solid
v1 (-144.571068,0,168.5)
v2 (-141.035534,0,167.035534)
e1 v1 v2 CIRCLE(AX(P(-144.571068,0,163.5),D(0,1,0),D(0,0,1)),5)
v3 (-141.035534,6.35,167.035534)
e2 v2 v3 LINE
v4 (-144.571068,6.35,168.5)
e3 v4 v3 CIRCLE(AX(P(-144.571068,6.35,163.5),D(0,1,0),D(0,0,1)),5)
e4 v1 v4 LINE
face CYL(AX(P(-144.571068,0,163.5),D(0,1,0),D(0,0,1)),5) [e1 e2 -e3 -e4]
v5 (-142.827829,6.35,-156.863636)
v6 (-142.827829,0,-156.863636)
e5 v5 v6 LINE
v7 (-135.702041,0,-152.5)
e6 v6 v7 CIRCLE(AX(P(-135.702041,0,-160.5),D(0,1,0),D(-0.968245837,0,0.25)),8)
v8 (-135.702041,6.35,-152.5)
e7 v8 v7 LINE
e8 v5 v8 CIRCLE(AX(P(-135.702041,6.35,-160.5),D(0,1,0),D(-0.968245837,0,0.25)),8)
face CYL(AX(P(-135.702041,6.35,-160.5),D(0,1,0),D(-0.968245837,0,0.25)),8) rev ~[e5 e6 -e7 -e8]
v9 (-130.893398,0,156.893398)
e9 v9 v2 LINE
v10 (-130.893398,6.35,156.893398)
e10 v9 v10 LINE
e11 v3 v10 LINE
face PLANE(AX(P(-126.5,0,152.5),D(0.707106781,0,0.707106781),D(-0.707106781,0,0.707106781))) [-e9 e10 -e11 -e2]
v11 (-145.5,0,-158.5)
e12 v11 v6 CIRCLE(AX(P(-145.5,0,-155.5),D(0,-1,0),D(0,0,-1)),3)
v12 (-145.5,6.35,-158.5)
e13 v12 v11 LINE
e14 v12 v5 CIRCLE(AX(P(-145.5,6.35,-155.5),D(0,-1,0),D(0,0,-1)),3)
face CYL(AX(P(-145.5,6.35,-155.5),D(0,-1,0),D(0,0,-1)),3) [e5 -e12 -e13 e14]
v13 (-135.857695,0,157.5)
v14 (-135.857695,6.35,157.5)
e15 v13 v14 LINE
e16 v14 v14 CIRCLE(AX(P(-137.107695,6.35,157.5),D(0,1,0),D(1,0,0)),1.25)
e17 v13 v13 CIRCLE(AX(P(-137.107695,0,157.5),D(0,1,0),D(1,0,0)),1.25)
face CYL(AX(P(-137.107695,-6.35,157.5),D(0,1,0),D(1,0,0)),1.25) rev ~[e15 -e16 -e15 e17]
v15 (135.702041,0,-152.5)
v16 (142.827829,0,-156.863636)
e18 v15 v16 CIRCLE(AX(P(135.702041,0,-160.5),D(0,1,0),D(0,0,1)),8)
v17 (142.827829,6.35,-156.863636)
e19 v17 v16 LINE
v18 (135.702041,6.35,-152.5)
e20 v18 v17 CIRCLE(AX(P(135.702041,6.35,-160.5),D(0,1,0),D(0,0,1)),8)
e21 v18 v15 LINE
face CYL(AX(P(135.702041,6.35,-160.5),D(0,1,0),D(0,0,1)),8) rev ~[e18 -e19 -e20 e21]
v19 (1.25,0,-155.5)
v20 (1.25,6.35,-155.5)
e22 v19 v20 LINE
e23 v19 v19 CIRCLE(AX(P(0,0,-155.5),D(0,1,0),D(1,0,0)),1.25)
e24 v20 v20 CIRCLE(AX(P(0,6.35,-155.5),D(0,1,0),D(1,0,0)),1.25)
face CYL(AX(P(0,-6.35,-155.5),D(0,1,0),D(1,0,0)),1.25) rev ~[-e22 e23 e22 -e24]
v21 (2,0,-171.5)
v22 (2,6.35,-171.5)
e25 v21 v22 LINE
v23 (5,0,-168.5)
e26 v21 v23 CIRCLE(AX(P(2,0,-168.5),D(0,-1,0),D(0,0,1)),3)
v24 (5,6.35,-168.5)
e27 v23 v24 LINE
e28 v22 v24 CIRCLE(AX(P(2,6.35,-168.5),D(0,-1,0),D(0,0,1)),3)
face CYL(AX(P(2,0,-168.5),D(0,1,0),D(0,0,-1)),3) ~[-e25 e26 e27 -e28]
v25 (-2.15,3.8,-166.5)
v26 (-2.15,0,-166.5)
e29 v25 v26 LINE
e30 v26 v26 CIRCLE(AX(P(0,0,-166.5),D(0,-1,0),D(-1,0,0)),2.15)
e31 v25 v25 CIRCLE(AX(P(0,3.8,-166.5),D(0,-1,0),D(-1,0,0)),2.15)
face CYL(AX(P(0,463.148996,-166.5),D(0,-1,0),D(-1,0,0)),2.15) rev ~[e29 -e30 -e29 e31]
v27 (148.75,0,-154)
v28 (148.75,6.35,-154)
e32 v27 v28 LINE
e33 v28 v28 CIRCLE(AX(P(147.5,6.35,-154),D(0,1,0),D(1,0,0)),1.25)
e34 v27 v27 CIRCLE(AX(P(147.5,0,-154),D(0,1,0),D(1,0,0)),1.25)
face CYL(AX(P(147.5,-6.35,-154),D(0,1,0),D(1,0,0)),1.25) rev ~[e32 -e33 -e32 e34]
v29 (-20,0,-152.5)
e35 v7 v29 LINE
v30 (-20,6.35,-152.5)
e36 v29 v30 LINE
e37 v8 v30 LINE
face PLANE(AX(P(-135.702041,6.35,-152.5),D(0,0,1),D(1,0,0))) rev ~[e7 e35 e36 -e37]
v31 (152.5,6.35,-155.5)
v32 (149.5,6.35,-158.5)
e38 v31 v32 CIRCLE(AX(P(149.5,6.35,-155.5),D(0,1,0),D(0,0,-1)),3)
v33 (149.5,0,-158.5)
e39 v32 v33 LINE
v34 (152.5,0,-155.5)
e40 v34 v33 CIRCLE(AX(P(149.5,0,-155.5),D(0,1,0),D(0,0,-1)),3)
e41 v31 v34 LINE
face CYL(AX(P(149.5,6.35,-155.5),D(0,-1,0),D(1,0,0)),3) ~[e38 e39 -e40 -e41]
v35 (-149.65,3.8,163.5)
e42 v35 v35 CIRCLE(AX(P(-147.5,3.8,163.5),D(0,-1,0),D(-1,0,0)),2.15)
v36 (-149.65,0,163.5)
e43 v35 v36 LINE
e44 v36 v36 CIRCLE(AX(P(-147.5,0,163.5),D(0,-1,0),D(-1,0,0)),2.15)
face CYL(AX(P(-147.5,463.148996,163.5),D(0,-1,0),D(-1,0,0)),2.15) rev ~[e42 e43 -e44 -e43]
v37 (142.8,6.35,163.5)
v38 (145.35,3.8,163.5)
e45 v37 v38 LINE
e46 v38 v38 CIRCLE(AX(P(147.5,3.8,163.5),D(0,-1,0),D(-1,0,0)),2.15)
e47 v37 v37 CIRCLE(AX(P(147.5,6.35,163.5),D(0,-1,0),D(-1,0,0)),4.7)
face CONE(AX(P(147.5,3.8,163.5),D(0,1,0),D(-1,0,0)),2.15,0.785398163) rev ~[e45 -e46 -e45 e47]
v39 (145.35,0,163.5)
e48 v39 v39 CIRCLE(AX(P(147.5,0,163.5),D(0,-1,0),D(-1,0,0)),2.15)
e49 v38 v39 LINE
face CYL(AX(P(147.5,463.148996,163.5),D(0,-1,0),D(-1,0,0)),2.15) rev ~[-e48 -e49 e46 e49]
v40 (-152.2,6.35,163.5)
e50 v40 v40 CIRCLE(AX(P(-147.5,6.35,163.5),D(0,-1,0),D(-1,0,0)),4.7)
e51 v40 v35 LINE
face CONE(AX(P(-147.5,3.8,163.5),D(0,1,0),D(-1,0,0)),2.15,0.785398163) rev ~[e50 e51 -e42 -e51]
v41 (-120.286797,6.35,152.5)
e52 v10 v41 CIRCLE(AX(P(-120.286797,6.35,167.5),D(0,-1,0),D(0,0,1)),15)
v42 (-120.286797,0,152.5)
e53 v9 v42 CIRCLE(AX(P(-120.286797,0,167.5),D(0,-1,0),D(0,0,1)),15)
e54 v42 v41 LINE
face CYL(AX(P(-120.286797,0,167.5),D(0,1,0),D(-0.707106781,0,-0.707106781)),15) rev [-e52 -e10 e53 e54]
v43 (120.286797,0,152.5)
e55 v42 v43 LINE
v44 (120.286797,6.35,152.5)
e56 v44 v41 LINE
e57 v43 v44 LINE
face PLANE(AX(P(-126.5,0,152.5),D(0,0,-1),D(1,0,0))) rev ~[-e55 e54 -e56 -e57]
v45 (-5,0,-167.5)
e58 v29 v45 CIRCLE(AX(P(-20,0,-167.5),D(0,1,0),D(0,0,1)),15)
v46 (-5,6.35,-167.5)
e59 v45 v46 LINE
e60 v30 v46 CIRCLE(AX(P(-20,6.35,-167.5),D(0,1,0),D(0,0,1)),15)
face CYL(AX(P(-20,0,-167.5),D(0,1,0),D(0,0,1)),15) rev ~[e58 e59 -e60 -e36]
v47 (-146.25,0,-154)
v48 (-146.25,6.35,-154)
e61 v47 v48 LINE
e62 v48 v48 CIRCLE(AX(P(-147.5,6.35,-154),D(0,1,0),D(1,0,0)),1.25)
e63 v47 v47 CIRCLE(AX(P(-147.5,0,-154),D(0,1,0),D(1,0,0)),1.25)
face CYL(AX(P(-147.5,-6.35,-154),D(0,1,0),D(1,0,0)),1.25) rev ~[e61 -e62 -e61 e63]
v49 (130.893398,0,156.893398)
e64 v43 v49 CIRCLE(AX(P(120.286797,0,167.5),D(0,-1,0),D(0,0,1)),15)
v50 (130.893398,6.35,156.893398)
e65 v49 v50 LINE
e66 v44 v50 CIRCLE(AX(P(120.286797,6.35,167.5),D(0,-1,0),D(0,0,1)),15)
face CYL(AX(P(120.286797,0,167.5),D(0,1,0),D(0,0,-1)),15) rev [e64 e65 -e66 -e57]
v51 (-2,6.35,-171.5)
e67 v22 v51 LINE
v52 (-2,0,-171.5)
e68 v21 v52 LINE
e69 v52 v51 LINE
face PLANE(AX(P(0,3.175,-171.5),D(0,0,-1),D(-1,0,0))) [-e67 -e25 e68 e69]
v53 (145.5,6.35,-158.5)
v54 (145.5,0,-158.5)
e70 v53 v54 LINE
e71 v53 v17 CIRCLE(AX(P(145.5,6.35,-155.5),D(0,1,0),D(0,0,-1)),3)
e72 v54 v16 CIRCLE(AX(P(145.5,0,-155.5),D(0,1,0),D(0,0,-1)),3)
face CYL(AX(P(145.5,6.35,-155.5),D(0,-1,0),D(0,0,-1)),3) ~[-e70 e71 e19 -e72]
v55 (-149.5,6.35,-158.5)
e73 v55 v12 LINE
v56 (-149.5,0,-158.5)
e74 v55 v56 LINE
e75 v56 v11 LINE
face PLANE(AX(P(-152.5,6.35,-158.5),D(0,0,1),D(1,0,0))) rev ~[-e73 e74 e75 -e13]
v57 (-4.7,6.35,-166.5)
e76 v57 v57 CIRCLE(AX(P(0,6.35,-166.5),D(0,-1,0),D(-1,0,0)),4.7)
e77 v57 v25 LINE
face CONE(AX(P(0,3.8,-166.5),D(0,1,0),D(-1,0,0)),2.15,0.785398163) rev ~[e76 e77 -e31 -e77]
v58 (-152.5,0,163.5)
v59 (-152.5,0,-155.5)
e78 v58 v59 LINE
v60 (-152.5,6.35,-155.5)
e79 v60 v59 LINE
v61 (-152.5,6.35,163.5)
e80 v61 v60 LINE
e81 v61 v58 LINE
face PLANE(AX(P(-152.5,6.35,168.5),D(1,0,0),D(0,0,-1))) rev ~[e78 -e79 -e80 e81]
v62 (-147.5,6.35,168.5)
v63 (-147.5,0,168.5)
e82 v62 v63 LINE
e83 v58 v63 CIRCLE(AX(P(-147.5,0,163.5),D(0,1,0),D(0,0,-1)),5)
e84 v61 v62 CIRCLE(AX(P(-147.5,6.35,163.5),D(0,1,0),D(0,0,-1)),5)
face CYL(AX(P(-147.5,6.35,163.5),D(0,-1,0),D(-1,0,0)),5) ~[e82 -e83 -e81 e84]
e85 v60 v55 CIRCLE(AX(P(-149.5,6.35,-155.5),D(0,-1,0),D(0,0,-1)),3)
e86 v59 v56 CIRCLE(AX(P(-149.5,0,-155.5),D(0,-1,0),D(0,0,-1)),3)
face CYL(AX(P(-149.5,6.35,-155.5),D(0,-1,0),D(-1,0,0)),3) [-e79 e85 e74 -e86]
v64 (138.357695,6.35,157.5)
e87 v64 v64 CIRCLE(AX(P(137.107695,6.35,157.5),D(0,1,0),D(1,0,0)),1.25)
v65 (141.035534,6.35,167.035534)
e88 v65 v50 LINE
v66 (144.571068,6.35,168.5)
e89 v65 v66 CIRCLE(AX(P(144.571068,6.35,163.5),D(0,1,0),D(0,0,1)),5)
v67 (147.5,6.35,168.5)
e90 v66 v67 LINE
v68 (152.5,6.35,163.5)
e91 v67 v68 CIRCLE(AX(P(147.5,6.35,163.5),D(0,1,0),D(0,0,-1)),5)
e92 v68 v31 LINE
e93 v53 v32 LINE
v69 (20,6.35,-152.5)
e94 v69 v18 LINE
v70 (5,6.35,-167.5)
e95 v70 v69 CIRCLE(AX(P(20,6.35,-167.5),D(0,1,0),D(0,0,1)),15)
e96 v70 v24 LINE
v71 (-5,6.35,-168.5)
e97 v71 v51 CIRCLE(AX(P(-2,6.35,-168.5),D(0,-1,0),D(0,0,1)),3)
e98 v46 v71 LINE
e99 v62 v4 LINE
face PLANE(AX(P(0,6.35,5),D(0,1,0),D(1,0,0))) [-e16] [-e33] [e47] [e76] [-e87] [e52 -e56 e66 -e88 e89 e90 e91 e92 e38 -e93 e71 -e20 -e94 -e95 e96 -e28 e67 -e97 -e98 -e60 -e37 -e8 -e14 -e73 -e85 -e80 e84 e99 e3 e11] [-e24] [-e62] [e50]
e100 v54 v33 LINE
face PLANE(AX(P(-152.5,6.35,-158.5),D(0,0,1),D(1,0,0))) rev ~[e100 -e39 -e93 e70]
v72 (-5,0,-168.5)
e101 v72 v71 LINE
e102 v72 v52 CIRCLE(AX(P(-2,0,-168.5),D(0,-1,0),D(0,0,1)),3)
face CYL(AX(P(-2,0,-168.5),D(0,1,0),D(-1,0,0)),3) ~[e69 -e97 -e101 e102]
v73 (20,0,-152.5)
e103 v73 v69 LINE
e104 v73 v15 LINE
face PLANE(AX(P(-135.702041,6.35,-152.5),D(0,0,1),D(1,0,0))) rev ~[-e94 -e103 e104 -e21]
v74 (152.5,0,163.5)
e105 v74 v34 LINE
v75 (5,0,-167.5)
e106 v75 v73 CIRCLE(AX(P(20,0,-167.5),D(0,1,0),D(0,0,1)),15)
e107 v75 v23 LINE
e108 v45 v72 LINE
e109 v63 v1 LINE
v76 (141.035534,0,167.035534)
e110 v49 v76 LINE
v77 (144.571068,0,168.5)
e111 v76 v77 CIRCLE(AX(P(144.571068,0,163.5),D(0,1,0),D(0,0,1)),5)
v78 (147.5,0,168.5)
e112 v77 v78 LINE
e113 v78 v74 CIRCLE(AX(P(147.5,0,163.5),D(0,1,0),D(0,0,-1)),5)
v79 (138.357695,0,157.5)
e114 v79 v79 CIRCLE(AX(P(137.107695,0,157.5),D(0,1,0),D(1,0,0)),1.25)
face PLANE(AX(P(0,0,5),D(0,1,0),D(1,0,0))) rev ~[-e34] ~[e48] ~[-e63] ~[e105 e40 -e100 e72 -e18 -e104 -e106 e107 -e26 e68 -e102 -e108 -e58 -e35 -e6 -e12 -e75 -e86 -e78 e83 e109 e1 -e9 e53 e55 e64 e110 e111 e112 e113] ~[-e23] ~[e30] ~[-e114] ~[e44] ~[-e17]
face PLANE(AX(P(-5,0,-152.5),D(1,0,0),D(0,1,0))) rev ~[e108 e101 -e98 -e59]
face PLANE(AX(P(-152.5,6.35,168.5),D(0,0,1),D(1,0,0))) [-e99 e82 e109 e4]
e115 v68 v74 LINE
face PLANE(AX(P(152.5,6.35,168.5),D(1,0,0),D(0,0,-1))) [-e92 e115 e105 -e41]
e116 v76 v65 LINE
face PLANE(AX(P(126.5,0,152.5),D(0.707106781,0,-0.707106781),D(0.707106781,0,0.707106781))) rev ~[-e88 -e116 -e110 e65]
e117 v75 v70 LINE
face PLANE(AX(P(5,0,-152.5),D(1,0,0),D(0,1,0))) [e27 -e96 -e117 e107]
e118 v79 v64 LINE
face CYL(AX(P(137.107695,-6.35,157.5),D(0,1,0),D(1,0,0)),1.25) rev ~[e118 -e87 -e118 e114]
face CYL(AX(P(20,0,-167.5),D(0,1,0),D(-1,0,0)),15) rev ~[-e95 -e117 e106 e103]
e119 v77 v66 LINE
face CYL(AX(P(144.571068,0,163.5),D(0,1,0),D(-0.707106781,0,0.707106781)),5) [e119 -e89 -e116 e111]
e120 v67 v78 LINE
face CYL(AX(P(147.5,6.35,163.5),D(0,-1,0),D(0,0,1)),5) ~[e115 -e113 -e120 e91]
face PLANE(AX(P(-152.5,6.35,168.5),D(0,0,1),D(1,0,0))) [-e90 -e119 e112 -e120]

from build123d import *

# Parameters (mm, degrees)
SKETCH1_W                      = 305
SKETCH1_H                      = 327
BOSS_EXTRUDE1_DEPTH            = 6.35
CUT_EXTRUDE1_DEPTH             = 7.35
SKETCH3_W                      = 10
SKETCH3_H                      = 6.35
BOSS_EXTRUDE2_DEPTH            = 19
SKETCH4_W                      = 253
SKETCH4_H                      = 16
CUT_EXTRUDE2_DEPTH             = 7.35
DRAFT1_ANGLE                   = 45
F_4_3_4_3_DIAMETER_HOLE1_D     = 4.3
F_2_5_2_5_DIAMETER_HOLE1_D     = 2.5
F_2_5_2_5_DIAMETER_HOLE1_DEPTH = 6.35
CHAMFER1_SIZE                  = 2.55
FILLET1_R                      = 3
FILLET2_R                      = 5
FILLET3_R                      = 15


with BuildPart() as part:
    # Sketch1 → Boss-Extrude1 (new body)
    with BuildSketch(Plane(origin=(0, 6.35, 0), x_dir=(1, 0, 0), z_dir=(0, 1, 0))):
        with Locations((0, -5)):
            Rectangle(SKETCH1_W, SKETCH1_H)
    extrude(amount=-BOSS_EXTRUDE1_DEPTH)

    # Sketch2 → Cut-Extrude1 (cut, through all)
    with BuildSketch(Plane(origin=(0, 6.35, 0), x_dir=(-1, 0, 0), z_dir=(0, 1, 0))):
        with BuildLine():
            Line((-143.448007721, -158.5), (143.448007721, -158.5))
            ThreePointArc((143.448007721, -158.5), (140.601020514, -154.17544468), (135.702041029, -152.5))
            Line((135.702041029, -152.5), (-135.702041029, -152.5))
            ThreePointArc((-135.702041029, -152.5), (-140.601020514, -154.17544468), (-143.448007721, -158.5))
        make_face()
    extrude(amount=-CUT_EXTRUDE1_DEPTH, mode=Mode.SUBTRACT)

    # Sketch3 → Boss-Extrude2 (add)
    with BuildSketch(Plane(origin=(0, 0, -152.5), x_dir=(-1, 0, 0), z_dir=(0, 0, -1))):
        with Locations((0, 3.175)):
            Rectangle(SKETCH3_W, SKETCH3_H)
    extrude(amount=BOSS_EXTRUDE2_DEPTH)

    # Sketch4 → Cut-Extrude2 (cut, through all)
    with BuildSketch(Plane.XZ):
        with Locations((0, 160.5)):
            Rectangle(SKETCH4_W, SKETCH4_H)
    extrude(amount=-CUT_EXTRUDE2_DEPTH, mode=Mode.SUBTRACT)

    # Draft1
    draft1_faces = [part.faces().sort_by_distance(p)[0] for p in [
        (-126.5, 3.175, 160.5),
        (126.5, 3.175, 160.5),
    ]]
    draft(draft1_faces, Plane(origin=(-126.5, 6.35, 152.5), x_dir=(1, 0, 0), z_dir=(0, 0, 1)), DRAFT1_ANGLE)

    # Ø4.3 (4.3) Diameter Hole1 (through all)
    with Locations(Plane(origin=(0, 6.35, 0), x_dir=(1, 0, 0), z_dir=(0, 1, 0))):
        with Locations((0, 166.5), (-147.5, -163.5), (147.5, -163.5)):
            Hole(F_4_3_4_3_DIAMETER_HOLE1_D / 2)

    # Ø2.5 (2.5) Diameter Hole1
    with Locations(Plane(origin=(0, 0, 0), x_dir=(-1, 0, 0), z_dir=(0, -1, 0))):
        with Locations((147.5, 154), (-147.5, 154), (-137.107695155, -157.5), (137.107695155, -157.5), (0, 155.5)):
            Hole(F_2_5_2_5_DIAMETER_HOLE1_D / 2, depth=F_2_5_2_5_DIAMETER_HOLE1_DEPTH)

    # Chamfer1
    chamfer1_edges = [part.edges().sort_by_distance(p)[0] for p in [
        (149.65, 6.35, 163.5),
        (-145.35, 6.35, 163.5),
        (2.15, 6.35, -166.5),
    ]]
    chamfer(chamfer1_edges, length=CHAMFER1_SIZE)

    # Fillet1
    fillet1_edges = [part.edges().sort_by_distance(p)[0] for p in [
        (143.448007721, 3.175, -158.5),
        (-143.448007721, 3.175, -158.5),
        (-5, 3.175, -171.5),
        (5, 3.175, -171.5),
        (-152.5, 3.175, -158.5),
        (152.5, 3.175, -158.5),
    ]]
    fillet(fillet1_edges, radius=FILLET1_R)

    # Fillet2
    fillet2_edges = [part.edges().sort_by_distance(p)[0] for p in [
        (-142.5, 3.175, 168.5),
        (142.5, 3.175, 168.5),
        (152.5, 3.175, 168.5),
        (-152.5, 3.175, 168.5),
    ]]
    fillet(fillet2_edges, radius=FILLET2_R)

    # Fillet3
    fillet3_edges = [part.edges().sort_by_distance(p)[0] for p in [
        (-5, 3.175, -152.5),
        (5, 3.175, -152.5),
        (126.5, 3.175, 152.5),
        (-126.5, 3.175, 152.5),
    ]]
    fillet(fillet3_edges, radius=FILLET3_R)


solid = part.part
